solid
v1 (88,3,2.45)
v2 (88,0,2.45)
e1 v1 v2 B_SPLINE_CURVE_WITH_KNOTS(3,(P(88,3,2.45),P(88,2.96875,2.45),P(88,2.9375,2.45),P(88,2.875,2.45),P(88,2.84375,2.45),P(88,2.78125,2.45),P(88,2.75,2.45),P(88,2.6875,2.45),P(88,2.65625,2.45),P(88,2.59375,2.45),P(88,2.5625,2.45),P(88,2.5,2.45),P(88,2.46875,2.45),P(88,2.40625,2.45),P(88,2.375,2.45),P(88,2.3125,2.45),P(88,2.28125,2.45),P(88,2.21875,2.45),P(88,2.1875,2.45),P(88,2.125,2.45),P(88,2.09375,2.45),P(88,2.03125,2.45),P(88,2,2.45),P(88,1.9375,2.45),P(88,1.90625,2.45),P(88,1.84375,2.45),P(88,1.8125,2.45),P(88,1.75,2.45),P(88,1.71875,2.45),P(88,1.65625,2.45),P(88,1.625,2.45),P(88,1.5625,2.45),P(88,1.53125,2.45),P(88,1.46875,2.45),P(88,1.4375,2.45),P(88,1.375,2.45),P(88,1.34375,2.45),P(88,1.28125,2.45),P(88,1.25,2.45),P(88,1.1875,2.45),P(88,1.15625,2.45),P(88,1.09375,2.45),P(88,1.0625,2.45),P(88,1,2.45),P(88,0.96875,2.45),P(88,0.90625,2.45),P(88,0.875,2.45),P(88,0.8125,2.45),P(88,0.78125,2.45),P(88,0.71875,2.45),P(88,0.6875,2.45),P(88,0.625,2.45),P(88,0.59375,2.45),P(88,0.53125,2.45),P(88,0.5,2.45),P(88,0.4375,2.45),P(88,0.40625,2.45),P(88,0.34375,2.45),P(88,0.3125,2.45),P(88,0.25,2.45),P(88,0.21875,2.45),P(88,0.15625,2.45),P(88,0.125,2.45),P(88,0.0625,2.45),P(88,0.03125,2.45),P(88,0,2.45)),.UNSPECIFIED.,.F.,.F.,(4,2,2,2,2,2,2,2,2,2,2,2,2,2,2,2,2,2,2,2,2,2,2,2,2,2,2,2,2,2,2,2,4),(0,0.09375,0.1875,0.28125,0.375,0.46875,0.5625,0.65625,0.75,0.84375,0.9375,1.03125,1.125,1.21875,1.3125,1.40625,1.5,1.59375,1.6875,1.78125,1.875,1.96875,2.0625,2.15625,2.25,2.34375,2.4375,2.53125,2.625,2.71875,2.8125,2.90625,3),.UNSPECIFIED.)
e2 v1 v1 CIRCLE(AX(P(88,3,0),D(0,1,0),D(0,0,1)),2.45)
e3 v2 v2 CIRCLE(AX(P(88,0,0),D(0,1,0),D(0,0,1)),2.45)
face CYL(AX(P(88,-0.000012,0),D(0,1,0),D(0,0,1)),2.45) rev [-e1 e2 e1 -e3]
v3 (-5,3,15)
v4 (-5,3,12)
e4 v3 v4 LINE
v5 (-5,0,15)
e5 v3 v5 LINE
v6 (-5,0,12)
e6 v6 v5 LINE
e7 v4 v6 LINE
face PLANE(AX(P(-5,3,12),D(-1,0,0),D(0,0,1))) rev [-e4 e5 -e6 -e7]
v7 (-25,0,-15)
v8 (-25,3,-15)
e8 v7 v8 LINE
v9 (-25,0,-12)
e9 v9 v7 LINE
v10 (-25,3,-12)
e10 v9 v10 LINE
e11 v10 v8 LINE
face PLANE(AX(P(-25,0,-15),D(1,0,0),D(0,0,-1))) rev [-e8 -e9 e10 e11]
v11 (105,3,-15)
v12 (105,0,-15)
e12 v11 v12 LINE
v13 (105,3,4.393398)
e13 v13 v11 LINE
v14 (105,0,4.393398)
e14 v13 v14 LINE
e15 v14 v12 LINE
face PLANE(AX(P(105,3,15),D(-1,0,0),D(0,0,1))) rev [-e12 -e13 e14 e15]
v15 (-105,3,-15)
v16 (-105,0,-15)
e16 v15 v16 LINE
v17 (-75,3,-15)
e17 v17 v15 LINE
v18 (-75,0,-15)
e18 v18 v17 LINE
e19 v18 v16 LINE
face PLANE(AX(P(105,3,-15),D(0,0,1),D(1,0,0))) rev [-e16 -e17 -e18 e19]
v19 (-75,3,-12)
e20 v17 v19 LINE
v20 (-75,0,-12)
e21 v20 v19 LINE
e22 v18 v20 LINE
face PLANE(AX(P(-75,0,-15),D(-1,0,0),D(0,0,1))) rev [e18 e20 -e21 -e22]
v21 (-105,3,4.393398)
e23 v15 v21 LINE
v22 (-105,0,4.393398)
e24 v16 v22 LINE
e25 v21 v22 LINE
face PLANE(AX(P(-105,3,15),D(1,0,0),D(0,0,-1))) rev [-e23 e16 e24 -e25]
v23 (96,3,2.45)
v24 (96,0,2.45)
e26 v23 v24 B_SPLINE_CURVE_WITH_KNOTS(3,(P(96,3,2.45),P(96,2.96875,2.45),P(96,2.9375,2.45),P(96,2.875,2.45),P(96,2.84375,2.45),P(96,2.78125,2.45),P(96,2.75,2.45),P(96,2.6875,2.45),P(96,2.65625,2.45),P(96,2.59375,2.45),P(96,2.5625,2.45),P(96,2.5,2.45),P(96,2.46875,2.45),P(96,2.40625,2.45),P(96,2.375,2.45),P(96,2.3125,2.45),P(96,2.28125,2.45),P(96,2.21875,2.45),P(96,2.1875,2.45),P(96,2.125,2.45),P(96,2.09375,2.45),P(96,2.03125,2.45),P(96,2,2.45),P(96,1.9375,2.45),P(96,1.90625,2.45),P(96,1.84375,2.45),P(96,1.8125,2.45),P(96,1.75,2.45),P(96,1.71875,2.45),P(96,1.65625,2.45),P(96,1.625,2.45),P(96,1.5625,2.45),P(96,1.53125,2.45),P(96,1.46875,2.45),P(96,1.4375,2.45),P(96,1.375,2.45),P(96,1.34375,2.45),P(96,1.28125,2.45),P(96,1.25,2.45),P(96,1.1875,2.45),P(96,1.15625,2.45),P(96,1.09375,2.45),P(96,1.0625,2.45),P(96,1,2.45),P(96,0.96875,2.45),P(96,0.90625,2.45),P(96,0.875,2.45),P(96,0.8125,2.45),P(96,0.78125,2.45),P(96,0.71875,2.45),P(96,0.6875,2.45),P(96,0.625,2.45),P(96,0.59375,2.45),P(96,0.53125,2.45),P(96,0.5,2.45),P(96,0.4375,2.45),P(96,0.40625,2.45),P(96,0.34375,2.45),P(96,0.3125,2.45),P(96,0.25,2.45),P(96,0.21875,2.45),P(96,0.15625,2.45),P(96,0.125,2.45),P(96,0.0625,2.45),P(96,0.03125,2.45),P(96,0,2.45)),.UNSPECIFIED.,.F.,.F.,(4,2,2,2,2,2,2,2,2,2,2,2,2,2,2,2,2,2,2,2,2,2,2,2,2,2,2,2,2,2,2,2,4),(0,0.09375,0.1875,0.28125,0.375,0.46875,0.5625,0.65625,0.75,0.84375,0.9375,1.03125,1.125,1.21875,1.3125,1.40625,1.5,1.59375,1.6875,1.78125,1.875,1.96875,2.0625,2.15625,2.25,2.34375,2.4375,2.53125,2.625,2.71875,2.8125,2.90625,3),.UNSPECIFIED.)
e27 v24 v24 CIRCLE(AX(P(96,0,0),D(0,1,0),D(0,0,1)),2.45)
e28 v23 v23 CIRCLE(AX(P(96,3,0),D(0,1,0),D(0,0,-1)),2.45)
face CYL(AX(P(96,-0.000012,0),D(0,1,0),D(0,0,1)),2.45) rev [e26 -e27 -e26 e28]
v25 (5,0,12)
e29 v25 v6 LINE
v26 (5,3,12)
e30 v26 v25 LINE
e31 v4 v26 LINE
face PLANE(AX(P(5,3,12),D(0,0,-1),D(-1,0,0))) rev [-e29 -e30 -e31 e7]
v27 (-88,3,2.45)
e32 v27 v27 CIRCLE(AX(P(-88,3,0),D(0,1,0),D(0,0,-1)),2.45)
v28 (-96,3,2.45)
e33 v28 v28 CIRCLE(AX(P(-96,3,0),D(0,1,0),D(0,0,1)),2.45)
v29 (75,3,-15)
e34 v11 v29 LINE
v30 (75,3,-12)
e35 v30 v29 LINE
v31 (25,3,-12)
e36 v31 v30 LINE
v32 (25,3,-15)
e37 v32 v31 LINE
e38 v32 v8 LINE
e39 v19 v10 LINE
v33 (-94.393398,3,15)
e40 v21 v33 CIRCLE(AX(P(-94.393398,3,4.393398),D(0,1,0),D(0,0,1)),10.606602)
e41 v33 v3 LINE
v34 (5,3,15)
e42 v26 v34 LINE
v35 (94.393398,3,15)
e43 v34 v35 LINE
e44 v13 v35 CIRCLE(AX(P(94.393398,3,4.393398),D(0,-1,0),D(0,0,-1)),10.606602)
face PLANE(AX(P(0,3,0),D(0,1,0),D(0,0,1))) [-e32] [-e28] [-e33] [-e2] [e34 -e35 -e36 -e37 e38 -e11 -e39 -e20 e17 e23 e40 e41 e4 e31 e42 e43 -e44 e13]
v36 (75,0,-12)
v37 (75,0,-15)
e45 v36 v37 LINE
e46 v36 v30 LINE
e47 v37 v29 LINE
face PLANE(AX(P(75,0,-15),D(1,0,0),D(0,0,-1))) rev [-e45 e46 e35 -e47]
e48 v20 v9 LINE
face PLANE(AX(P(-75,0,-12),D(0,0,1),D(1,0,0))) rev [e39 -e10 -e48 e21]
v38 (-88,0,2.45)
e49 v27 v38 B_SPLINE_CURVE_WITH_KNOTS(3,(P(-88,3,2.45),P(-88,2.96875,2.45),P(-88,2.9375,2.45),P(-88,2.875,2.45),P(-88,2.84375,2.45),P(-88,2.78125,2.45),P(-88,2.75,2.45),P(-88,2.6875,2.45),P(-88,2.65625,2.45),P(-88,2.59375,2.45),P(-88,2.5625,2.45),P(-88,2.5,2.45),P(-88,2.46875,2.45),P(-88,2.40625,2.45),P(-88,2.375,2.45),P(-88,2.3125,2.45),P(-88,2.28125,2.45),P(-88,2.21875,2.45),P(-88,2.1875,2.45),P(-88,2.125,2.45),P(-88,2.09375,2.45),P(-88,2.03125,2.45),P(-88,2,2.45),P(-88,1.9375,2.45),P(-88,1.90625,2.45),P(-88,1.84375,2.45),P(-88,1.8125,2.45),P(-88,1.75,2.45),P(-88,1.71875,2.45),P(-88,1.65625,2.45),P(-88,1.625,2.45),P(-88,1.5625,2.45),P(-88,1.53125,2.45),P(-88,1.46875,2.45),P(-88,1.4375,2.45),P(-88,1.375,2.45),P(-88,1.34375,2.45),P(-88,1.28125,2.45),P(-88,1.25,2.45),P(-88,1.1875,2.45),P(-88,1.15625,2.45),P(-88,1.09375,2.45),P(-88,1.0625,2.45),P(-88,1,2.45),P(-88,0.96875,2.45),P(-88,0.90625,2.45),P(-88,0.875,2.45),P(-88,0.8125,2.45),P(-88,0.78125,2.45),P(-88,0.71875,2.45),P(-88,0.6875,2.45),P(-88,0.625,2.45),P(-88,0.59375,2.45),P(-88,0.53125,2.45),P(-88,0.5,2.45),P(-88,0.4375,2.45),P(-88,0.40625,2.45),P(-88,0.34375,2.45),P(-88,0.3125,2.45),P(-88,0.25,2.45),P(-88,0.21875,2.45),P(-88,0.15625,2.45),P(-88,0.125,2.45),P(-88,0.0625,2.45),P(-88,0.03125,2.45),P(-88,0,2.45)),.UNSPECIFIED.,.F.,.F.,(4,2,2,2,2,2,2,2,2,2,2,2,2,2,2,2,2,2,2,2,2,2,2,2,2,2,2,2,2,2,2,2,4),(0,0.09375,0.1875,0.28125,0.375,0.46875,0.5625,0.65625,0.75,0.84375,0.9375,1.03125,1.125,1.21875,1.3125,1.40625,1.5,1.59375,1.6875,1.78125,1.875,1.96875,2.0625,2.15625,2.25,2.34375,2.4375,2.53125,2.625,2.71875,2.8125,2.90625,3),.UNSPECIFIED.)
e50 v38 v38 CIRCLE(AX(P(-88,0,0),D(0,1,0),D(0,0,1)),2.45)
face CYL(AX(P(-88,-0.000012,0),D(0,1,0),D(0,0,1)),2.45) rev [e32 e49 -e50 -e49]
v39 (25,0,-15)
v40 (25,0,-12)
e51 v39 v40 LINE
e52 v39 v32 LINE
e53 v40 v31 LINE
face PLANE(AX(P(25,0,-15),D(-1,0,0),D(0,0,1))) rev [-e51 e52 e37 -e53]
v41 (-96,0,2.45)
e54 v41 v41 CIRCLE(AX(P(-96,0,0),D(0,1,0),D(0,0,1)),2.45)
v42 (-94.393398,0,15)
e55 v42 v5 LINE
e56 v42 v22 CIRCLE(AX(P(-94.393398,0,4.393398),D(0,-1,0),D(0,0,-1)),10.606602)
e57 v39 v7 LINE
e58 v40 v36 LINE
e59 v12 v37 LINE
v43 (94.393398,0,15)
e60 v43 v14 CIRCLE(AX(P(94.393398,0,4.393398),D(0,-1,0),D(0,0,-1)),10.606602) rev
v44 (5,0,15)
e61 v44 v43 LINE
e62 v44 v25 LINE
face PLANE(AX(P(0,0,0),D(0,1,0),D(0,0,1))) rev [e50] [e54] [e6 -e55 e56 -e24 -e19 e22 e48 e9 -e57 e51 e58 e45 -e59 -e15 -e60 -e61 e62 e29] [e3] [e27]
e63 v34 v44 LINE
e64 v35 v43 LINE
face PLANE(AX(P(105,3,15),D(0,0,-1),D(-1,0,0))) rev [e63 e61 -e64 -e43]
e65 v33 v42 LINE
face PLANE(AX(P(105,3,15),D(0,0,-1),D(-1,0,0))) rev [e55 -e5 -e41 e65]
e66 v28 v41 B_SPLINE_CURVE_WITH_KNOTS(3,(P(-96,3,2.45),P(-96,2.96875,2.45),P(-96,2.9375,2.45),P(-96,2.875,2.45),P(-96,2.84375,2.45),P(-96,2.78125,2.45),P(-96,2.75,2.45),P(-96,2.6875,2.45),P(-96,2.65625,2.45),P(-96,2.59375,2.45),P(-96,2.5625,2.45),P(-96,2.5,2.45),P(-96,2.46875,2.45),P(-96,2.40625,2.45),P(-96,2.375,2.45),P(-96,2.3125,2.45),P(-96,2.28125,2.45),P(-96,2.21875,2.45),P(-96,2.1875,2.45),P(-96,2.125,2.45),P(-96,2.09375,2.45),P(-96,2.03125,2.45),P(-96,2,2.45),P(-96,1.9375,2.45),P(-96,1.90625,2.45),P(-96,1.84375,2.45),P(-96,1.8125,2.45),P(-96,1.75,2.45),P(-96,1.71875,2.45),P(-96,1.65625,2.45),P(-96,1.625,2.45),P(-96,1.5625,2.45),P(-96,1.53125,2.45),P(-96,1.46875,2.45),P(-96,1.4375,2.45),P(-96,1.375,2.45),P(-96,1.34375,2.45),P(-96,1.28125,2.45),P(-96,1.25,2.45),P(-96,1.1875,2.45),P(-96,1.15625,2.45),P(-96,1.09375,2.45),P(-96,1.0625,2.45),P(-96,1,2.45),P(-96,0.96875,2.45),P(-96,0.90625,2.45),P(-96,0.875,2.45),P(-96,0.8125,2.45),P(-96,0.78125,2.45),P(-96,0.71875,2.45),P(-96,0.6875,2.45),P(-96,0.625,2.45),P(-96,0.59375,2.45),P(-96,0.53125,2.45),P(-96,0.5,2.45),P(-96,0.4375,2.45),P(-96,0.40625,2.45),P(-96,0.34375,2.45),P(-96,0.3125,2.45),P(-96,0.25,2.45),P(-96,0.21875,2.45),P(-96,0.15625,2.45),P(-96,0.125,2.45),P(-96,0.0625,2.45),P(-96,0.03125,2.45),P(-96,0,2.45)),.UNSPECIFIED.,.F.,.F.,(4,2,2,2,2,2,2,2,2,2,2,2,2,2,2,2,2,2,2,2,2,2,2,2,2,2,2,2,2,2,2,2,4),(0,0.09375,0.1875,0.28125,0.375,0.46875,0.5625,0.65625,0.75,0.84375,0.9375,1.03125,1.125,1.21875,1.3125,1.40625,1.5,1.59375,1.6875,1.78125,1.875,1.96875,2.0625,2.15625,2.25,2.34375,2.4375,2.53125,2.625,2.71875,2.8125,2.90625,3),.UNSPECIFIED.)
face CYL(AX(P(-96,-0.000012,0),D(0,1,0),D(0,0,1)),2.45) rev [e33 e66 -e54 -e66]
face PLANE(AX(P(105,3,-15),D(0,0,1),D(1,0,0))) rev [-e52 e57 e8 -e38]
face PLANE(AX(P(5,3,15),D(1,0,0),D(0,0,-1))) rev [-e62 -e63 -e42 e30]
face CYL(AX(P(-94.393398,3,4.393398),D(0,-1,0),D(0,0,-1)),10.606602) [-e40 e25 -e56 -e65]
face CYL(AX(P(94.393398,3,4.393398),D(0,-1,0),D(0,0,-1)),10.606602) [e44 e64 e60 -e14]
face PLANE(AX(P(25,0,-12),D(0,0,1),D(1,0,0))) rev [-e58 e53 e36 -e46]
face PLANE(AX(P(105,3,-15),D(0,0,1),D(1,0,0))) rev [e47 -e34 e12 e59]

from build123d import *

# Parameters (mm, degrees)
SKETCH1_W               = 210
SKETCH1_H               = 30
BOSS_EXTRUDE1_DEPTH     = 3
CUT_EXTRUDE1_DEPTH      = 107.108435103
CUT_EXTRUDE1_DEPTH_BACK = 107.108435103
SKETCH2_W               = 50
SKETCH2_H               = 3
CUT_EXTRUDE2_DEPTH      = 107.108435103
CUT_EXTRUDE2_DEPTH_BACK = 107.108435103
CUT_EXTRUDE4_DEPTH      = 107.108435103
CUT_EXTRUDE4_DEPTH_BACK = 107.108435103
SKETCH5_R               = 2.45
CUT_EXTRUDE5_DEPTH      = 107.108435103
CUT_EXTRUDE5_DEPTH_BACK = 107.108435103


with BuildPart() as part:
    # Sketch1 → Boss-Extrude1 (new body)
    with BuildSketch(Plane(origin=(0, 0, 0), x_dir=(1, 0, 0), z_dir=(0, 1, 0))):
        Rectangle(SKETCH1_W, SKETCH1_H)
    extrude(amount=BOSS_EXTRUDE1_DEPTH)

    # Sketch2 → Cut-Extrude1 (cut, two sides: drawn at the far end of the back side and taken through both)
    with BuildSketch(Plane(origin=(0, 3, 0), x_dir=(1, 0, 0), z_dir=(0, 1, 0)).offset(-CUT_EXTRUDE1_DEPTH_BACK)):
        with Locations((-50, 13.5)):
            Rectangle(SKETCH2_W, SKETCH2_H)
        with Locations((50, 13.5)):
            Rectangle(SKETCH2_W, SKETCH2_H)
    extrude(amount=CUT_EXTRUDE1_DEPTH + CUT_EXTRUDE1_DEPTH_BACK, mode=Mode.SUBTRACT)

    # Sketch3 → Cut-Extrude2 (cut, two sides: drawn at the far end of the back side and taken through both)
    with BuildSketch(Plane.XZ.offset(-CUT_EXTRUDE2_DEPTH_BACK)):
        Polygon((0, 15), (5, 15), (5, 12), (-5, 12), (-5, 15), align=None)
    extrude(amount=CUT_EXTRUDE2_DEPTH + CUT_EXTRUDE2_DEPTH_BACK, mode=Mode.SUBTRACT)

    # Sketch5 → Cut-Extrude4 (cut, two sides: drawn at the far end of the back side and taken through both)
    with BuildSketch(Plane(origin=(0, 0, 0), x_dir=(1, 0, 0), z_dir=(0, 1, 0)).offset(-CUT_EXTRUDE4_DEPTH_BACK)):
        with Locations(Location((-96, 0, 0), (0, 0, 270))):
            Circle(SKETCH5_R)
        with Locations(Location((-88, 0, 0), (0, 0, 270))):
            Circle(SKETCH5_R)
        with Locations(Location((88, 0, 0), (0, 0, 270))):
            Circle(SKETCH5_R)
        with Locations(Location((96, 0, 0), (0, 0, 270))):
            Circle(SKETCH5_R)
    extrude(amount=CUT_EXTRUDE4_DEPTH + CUT_EXTRUDE4_DEPTH_BACK, mode=Mode.SUBTRACT)

    # Sketch6 → Cut-Extrude5 (cut, two sides: drawn at the far end of the back side and taken through both)
    with BuildSketch(Plane(origin=(0, 0, 0), x_dir=(1, 0, 0), z_dir=(0, 1, 0)).offset(-CUT_EXTRUDE5_DEPTH_BACK)):
        with BuildLine():
            Line((-105, -4.393398282), (-105, -15))
            Line((-105, -15), (-94.393398282, -15))
            ThreePointArc((-94.393398282, -15), (-101.893398282, -11.893398282), (-105, -4.393398282))
        make_face()
        with BuildLine():
            Line((105, -15), (94.393398282, -15))
            ThreePointArc((94.393398282, -15), (101.893398282, -11.893398282), (105, -4.393398282))
            Line((105, -4.393398282), (105, -15))
        make_face()
    extrude(amount=CUT_EXTRUDE5_DEPTH + CUT_EXTRUDE5_DEPTH_BACK, mode=Mode.SUBTRACT)


solid = part.part
